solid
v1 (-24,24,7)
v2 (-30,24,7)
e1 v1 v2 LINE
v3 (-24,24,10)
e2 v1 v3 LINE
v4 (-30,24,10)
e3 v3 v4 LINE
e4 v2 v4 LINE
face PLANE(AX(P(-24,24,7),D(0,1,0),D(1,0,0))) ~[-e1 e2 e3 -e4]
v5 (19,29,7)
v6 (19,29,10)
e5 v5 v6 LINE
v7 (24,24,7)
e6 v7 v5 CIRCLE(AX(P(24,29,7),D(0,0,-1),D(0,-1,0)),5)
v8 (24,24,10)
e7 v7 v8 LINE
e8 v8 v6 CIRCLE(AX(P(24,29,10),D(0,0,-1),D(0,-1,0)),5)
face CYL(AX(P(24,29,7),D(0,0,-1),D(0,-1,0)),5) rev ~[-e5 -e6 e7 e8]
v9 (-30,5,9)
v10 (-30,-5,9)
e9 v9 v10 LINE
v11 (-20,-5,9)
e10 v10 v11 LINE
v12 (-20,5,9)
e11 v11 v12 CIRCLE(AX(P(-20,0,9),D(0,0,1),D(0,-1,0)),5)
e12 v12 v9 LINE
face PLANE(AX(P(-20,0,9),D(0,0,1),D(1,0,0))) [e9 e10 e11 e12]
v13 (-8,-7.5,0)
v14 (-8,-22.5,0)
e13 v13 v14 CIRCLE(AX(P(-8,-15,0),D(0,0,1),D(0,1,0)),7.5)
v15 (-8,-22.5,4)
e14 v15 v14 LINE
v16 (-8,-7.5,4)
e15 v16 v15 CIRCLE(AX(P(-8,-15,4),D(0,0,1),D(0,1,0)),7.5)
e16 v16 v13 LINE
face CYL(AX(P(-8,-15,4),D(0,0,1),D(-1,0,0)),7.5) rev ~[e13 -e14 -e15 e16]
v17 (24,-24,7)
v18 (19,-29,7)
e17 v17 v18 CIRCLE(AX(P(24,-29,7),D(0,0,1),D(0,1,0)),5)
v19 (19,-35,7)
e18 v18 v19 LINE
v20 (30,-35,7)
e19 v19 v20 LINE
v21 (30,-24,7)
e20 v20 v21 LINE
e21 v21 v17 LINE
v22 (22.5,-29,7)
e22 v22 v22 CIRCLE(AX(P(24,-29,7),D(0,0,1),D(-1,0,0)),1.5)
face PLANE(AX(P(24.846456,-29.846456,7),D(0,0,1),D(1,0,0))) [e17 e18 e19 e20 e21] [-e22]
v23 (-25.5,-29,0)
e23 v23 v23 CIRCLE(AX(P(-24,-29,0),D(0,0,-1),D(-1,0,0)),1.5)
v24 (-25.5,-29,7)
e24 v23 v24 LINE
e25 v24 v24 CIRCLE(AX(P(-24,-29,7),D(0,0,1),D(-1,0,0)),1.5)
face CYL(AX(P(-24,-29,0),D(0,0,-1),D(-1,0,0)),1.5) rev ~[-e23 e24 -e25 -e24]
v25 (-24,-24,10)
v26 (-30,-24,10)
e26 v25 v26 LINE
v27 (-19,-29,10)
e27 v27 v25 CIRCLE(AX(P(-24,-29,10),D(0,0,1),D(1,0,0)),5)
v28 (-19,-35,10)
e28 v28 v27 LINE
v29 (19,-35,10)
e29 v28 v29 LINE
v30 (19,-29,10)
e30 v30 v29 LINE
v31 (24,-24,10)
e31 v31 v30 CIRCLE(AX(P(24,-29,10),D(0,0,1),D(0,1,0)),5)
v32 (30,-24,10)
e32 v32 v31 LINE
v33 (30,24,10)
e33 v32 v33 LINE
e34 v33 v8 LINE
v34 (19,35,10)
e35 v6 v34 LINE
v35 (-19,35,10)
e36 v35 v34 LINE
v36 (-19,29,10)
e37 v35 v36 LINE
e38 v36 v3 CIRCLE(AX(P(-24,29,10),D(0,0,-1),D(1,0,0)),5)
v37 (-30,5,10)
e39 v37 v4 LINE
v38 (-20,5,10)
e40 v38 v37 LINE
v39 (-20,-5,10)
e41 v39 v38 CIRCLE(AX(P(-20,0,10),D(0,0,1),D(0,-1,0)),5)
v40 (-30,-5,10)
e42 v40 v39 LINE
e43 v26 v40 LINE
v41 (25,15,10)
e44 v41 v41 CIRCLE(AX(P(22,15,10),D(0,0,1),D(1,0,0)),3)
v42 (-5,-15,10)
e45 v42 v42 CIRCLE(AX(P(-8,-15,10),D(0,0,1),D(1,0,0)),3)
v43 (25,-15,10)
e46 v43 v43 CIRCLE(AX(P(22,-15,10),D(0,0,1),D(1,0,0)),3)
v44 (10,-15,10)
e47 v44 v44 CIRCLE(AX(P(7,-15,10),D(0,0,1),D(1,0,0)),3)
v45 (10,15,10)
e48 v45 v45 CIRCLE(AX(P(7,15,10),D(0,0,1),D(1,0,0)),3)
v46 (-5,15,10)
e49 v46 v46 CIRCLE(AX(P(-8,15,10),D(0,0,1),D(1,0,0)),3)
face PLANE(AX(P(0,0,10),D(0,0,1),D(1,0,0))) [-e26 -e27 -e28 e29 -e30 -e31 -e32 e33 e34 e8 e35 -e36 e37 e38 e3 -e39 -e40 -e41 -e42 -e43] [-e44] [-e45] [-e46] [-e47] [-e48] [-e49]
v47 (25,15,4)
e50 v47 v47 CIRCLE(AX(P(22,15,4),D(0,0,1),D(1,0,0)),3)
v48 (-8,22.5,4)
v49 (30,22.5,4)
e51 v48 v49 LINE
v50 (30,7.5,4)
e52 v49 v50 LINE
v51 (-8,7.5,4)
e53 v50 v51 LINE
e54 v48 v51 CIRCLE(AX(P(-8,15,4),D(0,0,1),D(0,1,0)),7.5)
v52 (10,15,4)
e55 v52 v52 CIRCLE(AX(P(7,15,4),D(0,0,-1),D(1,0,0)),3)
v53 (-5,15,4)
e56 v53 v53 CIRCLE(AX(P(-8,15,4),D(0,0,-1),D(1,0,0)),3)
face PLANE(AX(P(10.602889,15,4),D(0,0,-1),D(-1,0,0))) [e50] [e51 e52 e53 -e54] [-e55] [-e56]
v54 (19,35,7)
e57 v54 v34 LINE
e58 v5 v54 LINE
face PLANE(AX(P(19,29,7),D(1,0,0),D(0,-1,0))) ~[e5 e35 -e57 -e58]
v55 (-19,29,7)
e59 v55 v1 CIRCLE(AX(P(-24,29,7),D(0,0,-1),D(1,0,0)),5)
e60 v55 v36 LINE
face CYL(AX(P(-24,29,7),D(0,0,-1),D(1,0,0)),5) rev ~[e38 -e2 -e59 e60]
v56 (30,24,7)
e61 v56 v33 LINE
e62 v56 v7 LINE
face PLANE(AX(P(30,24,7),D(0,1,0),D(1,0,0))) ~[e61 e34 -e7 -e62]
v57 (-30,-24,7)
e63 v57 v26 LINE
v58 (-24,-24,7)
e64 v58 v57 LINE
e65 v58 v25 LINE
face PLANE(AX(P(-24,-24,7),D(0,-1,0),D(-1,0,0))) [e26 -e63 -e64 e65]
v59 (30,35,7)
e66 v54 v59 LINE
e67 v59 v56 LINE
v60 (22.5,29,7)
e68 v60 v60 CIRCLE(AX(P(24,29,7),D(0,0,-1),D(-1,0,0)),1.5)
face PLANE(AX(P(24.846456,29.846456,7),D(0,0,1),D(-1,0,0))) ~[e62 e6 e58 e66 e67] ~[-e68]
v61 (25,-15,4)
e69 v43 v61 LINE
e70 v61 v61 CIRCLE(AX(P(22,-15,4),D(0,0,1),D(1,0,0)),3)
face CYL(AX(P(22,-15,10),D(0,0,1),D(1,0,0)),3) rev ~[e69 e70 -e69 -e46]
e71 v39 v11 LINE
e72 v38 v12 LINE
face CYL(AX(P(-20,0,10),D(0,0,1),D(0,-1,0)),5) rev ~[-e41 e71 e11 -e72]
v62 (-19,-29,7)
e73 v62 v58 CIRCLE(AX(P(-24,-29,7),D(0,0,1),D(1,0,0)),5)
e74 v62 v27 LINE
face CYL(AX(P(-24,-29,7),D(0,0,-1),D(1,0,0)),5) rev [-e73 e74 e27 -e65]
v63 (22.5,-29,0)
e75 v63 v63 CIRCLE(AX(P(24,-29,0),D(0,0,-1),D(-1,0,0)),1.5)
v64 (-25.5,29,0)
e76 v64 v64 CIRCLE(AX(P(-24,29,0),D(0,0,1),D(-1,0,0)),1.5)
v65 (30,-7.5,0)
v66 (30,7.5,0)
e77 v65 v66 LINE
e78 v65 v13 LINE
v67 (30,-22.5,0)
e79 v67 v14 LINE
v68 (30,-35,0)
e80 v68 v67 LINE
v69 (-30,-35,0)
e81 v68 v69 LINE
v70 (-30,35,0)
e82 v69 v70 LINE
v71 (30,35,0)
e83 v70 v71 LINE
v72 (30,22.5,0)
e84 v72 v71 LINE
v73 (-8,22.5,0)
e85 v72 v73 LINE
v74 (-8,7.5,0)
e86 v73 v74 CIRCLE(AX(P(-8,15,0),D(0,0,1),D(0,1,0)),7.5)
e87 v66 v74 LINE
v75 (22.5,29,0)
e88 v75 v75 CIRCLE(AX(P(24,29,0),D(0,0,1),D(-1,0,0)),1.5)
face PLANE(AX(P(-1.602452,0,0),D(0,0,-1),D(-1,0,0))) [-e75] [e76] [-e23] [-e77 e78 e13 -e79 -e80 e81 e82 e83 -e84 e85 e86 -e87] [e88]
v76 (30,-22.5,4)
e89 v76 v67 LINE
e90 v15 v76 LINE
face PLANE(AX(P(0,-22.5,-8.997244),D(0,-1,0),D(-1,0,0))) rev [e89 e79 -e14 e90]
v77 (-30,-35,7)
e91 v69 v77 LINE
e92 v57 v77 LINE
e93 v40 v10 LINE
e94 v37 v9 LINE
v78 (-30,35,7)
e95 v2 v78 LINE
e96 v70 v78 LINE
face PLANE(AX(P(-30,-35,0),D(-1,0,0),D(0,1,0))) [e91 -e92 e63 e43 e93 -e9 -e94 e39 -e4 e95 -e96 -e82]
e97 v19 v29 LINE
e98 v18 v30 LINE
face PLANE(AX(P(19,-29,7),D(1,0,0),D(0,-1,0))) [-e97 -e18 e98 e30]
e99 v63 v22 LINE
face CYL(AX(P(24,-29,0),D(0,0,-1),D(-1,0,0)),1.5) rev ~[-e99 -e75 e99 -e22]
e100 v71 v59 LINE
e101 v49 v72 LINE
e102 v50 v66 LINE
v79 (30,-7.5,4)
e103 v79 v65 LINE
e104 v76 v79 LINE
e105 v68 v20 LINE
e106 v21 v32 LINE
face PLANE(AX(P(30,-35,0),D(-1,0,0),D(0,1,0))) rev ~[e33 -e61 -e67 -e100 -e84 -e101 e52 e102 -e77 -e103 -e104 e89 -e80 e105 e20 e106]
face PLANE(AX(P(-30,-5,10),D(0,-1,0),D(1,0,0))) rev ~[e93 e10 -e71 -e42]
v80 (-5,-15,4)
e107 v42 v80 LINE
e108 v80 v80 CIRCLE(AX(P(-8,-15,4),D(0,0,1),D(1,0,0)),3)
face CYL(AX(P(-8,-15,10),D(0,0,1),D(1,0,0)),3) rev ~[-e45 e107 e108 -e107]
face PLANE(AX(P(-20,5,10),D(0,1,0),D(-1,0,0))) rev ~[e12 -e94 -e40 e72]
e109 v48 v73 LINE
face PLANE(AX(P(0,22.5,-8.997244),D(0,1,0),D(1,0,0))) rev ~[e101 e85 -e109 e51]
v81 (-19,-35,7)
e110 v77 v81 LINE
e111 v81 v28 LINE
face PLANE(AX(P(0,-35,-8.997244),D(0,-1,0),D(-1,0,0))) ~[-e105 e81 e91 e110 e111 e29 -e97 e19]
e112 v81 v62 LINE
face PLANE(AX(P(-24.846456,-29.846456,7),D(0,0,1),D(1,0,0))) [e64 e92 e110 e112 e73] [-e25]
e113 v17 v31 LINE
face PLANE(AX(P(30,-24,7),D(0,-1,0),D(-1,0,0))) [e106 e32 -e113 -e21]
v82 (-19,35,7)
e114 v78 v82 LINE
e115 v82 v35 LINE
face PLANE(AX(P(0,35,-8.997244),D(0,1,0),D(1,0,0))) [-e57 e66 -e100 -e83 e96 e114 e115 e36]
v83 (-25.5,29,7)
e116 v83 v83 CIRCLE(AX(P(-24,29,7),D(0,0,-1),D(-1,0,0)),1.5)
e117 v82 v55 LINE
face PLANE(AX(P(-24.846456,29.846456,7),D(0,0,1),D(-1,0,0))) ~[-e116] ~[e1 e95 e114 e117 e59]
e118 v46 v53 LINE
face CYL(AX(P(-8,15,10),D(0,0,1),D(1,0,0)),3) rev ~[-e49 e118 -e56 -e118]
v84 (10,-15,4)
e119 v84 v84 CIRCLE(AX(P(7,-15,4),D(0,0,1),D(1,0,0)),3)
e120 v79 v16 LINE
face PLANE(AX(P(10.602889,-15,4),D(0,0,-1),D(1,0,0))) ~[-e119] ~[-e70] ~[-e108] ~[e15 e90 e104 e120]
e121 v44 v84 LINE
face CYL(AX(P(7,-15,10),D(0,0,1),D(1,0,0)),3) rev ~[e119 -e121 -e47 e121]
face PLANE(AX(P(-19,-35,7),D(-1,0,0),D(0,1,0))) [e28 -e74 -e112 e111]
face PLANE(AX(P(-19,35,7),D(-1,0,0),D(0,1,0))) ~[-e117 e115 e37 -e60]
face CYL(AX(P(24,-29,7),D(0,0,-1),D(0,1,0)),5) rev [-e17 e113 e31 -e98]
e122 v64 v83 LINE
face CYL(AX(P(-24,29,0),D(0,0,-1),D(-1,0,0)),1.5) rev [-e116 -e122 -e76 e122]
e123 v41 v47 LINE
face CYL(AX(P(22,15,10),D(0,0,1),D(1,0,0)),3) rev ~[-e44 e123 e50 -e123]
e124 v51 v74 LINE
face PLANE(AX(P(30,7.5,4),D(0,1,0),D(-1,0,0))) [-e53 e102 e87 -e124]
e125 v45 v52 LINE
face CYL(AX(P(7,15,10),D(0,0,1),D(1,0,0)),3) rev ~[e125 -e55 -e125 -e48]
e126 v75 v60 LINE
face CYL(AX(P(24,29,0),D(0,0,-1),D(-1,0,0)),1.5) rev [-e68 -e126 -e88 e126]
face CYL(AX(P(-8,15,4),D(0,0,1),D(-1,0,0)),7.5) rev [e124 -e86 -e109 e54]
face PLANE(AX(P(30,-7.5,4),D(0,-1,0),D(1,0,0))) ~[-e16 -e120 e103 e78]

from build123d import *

# Parameters (mm, degrees)
SKETCH_1_W          = 60
SKETCH_1_H          = 70
EXTRUDE_1_DEPTH     = 10
SKETCH_2_R          = 3
CUT_EXTRUDE_1_DEPTH = 48.16990566
CUT_EXTRUDE_START   = -4
SKETCH_3_R          = 7.5
SKETCH_3_R_2        = 3
CUT_EXTRUDE_2_DEPTH = 4
SKETCH_4_R          = 5
CUT_EXTRUDE_3_DEPTH = 1
EXTRUDE_2_DEPTH     = 12.5
SKETCH_7_R          = 9.5
CUT_EXTRUDE_4_DEPTH = 12.5
CUT_EXTRUDE_5_DEPTH = 56
SKETCH_9_R          = 1.5
CUT_EXTRUDE_6_DEPTH = 48.16990566
CUT_EXTRUDE_START_2 = -3
SKETCH_10_R         = 1.5
CUT_EXTRUDE_7_DEPTH = 3


with BuildPart() as part:
    # 草图1 → 凸台-拉伸1 (new body)
    with BuildSketch(Plane.XY):
        Rectangle(SKETCH_1_W, SKETCH_1_H)
    extrude(amount=EXTRUDE_1_DEPTH)

    # 草图2 → 切除-拉伸1 (cut, through all)
    with BuildSketch(Plane.XY.offset(10)):
        with Locations((-8, 15)):
            Circle(SKETCH_2_R)
        with Locations((7, 15)):
            Circle(SKETCH_2_R)
        with Locations((-8, -15)):
            Circle(SKETCH_2_R)
        with Locations((7, -15)):
            Circle(SKETCH_2_R)
        with Locations((22, 15)):
            Circle(SKETCH_2_R)
        with Locations((22, -15)):
            Circle(SKETCH_2_R)
    extrude(amount=-CUT_EXTRUDE_1_DEPTH, mode=Mode.SUBTRACT)

    # 草图3 → 切除-拉伸2 (cut)
    # profile 1 of 2: a face of its own
    with BuildSketch(Plane(origin=(0, 0, 0), x_dir=(-1, 0, 0), z_dir=(0, 0, -1)).offset(CUT_EXTRUDE_START)):
        with Locations((8, 15)):
            Circle(SKETCH_3_R)
        with Locations(Location((8, 15, 0), (0, 0, 180))):
            Circle(SKETCH_3_R_2, mode=Mode.SUBTRACT)
    # profile 2 of 2: a face of its own
    with BuildSketch(Plane(origin=(0, 0, 0), x_dir=(-1, 0, 0), z_dir=(0, 0, -1)).offset(CUT_EXTRUDE_START)):
        with BuildLine():
            ThreePointArc((8, 7.5), (0.5, 15), (8, 22.5))
            Line((8, 22.5), (-30, 22.5))
            Line((-30, 22.5), (-30, 7.5))
            Line((-30, 7.5), (8, 7.5))
        make_face()
        with Locations(Location((-7, 15, 0), (0, 0, 180))):
            Circle(SKETCH_3_R_2, mode=Mode.SUBTRACT)
    cut_extrude_2 = extrude(amount=CUT_EXTRUDE_2_DEPTH, mode=Mode.SUBTRACT)

    # 镜向1: 切除-拉伸2 across plane
    add(cut_extrude_2.mirror(Plane.ZX), mode=Mode.SUBTRACT)

    # 草图4 → 切除-拉伸3 (cut)
    with BuildSketch(Plane.XY.offset(10)):
        with Locations((-20, 0)):
            Circle(SKETCH_4_R)
        with BuildLine():
            ThreePointArc((-20, -5), (-25, 0), (-20, 5))
            Line((-20, 5), (-30, 5))
            Line((-30, 5), (-30, -5))
            Line((-30, -5), (-20, -5))
        make_face()
    extrude(amount=-CUT_EXTRUDE_3_DEPTH, mode=Mode.SUBTRACT)

    # 草图6 → 凸台-拉伸2 (add)
    with BuildSketch(Plane(origin=(0, 35, 0), x_dir=(1, 0, 0), z_dir=(0, 1, 0))):
        with BuildLine():
            ThreePointArc((30, 0), (20.807611845, 3.807611845), (17, 13))
            ThreePointArc((17, 13), (0, 30), (-17, 13))
            ThreePointArc((-17, 13), (-20.807611845, 3.807611845), (-30, 0))
            Line((-30, 0), (30, 0))
        make_face()
    extrude_2 = extrude(amount=-EXTRUDE_2_DEPTH)

    # 草图7 → 切除-拉伸4 (cut)
    with BuildSketch(Plane(origin=(0, 35, 0), x_dir=(1, 0, 0), z_dir=(0, 1, 0))):
        with Locations(Location((0, 13, 0), (0, 0, 270))):
            Circle(SKETCH_7_R)
    cut_extrude_4 = extrude(amount=-CUT_EXTRUDE_4_DEPTH, mode=Mode.SUBTRACT)

    # 镜向2: 凸台-拉伸2, 切除-拉伸4 across plane
    add(extrude_2.mirror(Plane.ZX))
    add(cut_extrude_4.mirror(Plane.ZX), mode=Mode.SUBTRACT)

    # 草图8 → 切除-拉伸5 (cut, through all)
    with BuildSketch(Plane(origin=(0, 0, 0), x_dir=(-1, 0, 0), z_dir=(0, 0, -1))):
        with BuildLine():
            Line((30, -5), (20, -5))
            ThreePointArc((20, -5), (15, 0), (20, 5))
            Line((20, 5), (30, 5))
            Line((30, 5), (30, 35))
            Line((30, 35), (-30, 35))
            Line((-30, 35), (-30, -35))
            Line((-30, -35), (30, -35))
            Line((30, -35), (30, -5))
        make_face()
    extrude(amount=CUT_EXTRUDE_5_DEPTH, mode=Mode.SUBTRACT)

    # 草图9 → 切除-拉伸6 (cut, through all)
    with BuildSketch(Plane(origin=(0, 0, 0), x_dir=(-1, 0, 0), z_dir=(0, 0, -1))):
        with Locations((-24, -29)):
            Circle(SKETCH_9_R)
        with Locations((24, -29)):
            Circle(SKETCH_9_R)
    cut_extrude_6 = extrude(amount=-CUT_EXTRUDE_6_DEPTH, mode=Mode.SUBTRACT)

    # 草图10 → 切除-拉伸7 (cut)
    # profile 1 of 2: a face of its own
    with BuildSketch(Plane.XY.offset(10).offset(CUT_EXTRUDE_START_2)):
        with BuildLine():
            Line((-24, -24), (-30, -24))
            Line((-30, -24), (-30, -35))
            Line((-30, -35), (-19, -35))
            Line((-19, -35), (-19, -29))
            ThreePointArc((-19, -29), (-20.464466094, -25.464466094), (-24, -24))
        make_face()
        with Locations(Location((-24, -29, 0), (0, 0, 180))):
            Circle(SKETCH_10_R, mode=Mode.SUBTRACT)
    # profile 2 of 2: a face of its own
    with BuildSketch(Plane.XY.offset(10).offset(CUT_EXTRUDE_START_2)):
        with BuildLine():
            Line((19, -29), (19, -35))
            Line((19, -35), (30, -35))
            Line((30, -35), (30, -24))
            Line((30, -24), (24, -24))
            ThreePointArc((24, -24), (20.464466094, -25.464466094), (19, -29))
        make_face()
        with Locations(Location((24, -29, 0), (0, 0, 180))):
            Circle(SKETCH_10_R, mode=Mode.SUBTRACT)
    cut_extrude_7 = extrude(amount=CUT_EXTRUDE_7_DEPTH, mode=Mode.SUBTRACT)

    # 镜向3: 切除-拉伸6, 切除-拉伸7 across plane
    add(cut_extrude_6.mirror(Plane.ZX), mode=Mode.SUBTRACT)
    add(cut_extrude_7.mirror(Plane.ZX), mode=Mode.SUBTRACT)


solid = part.part
